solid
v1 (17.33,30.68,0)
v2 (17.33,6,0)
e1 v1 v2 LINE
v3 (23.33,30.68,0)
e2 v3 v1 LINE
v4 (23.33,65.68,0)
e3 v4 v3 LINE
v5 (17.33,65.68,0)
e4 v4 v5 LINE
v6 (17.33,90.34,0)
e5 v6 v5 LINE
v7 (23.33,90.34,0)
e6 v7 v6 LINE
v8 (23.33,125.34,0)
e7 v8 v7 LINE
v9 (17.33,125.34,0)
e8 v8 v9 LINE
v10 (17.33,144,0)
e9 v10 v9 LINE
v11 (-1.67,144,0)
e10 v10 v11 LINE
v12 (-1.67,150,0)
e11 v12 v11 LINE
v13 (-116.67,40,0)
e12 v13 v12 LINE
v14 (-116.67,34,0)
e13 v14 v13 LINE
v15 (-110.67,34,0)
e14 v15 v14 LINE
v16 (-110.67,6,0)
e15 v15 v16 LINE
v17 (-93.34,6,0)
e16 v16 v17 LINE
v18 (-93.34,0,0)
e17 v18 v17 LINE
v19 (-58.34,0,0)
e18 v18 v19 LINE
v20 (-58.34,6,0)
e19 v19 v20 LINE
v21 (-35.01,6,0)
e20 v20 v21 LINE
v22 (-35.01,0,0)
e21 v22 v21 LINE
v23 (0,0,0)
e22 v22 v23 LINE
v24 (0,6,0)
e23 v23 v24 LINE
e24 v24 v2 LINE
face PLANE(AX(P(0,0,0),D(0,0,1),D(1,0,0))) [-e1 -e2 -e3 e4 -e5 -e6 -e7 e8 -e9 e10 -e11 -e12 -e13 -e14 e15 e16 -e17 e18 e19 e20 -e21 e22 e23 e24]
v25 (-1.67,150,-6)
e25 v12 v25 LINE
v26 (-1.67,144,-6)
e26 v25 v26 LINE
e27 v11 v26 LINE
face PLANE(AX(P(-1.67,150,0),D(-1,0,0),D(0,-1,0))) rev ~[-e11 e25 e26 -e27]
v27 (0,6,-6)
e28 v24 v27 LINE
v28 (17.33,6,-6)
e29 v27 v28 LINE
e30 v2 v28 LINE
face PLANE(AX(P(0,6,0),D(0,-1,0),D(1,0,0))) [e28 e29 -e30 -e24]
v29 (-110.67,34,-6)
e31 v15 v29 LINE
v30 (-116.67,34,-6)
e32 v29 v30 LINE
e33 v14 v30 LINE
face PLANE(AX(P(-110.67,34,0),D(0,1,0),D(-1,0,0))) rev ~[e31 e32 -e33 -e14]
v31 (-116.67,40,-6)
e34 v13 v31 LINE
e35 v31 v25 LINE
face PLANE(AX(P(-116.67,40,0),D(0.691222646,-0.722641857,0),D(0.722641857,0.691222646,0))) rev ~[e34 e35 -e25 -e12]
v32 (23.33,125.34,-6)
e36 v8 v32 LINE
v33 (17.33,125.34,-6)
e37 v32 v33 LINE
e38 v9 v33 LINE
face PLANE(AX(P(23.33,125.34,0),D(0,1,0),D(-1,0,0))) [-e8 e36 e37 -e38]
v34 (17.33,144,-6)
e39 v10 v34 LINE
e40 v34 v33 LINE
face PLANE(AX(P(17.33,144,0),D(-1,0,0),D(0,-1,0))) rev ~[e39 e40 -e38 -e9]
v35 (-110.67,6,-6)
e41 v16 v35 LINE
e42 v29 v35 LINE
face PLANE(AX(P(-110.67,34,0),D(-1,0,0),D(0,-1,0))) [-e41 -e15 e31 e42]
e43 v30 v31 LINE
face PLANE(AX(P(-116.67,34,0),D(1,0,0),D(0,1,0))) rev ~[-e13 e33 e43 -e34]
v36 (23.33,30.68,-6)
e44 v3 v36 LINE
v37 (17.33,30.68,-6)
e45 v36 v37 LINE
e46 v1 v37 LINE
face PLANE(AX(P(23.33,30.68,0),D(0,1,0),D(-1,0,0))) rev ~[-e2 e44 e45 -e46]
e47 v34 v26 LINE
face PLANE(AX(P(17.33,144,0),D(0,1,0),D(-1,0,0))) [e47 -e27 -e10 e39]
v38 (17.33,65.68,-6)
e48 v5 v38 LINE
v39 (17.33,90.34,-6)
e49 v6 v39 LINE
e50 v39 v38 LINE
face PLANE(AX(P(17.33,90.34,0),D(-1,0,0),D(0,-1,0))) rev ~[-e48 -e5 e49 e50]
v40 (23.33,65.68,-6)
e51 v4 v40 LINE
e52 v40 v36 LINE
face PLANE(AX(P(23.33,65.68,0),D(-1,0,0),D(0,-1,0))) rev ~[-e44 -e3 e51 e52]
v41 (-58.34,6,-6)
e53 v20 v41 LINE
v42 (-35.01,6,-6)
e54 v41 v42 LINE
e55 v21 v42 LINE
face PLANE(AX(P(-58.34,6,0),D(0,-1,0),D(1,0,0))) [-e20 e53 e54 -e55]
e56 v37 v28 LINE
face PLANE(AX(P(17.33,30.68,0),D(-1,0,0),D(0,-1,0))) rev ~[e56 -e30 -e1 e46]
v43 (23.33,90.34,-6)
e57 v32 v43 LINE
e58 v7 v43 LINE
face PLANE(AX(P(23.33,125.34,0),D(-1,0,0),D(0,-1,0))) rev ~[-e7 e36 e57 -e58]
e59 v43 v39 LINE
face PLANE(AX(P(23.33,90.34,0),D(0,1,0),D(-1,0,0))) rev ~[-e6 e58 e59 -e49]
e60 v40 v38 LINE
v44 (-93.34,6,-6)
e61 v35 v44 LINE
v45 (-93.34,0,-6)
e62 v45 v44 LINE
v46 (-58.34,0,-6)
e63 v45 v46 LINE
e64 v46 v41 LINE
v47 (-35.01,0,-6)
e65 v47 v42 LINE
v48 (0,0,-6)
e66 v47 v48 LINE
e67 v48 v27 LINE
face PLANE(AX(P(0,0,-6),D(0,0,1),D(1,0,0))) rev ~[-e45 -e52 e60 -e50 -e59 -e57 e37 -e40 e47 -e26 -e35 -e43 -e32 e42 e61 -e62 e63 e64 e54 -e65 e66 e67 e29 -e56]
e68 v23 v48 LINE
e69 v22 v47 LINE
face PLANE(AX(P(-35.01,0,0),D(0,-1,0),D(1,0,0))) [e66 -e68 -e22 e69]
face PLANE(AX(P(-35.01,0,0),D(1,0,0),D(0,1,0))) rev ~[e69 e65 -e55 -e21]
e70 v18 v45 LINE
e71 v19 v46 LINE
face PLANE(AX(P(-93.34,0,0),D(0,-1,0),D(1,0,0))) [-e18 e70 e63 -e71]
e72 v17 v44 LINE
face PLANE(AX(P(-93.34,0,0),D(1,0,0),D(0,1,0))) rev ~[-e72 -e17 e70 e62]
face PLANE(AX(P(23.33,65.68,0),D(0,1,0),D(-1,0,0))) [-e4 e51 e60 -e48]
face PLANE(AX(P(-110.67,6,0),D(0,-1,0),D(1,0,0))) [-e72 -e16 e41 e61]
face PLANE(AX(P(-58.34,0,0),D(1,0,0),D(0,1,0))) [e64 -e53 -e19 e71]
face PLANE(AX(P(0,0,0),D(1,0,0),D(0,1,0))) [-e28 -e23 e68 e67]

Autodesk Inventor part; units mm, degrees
ref_plane "YZ Plane" through (0, 0, 0) normal (1, 0, 0) x (0, 1, 0)
ref_plane "XZ Plane" through (0, 0, 0) normal (0, 1, 0) x (-1, 0, 0)
ref_plane "XY Plane" through (0, 0, 0) normal (0, 0, 1) x (1, 0, 0)
sketch "Sketch1" plane through (0, 0, 0) normal (0, 0, 1) x (1, 0, 0)
  line L0 (0, 0) -> (23.33, 0) projected
  line L1 (23.33, 0) -> (23.33, 6) projected
  line L2 (0, 6) -> (23.33, 6) projected
  line L3 (0, 0) -> (0, 6) projected
  line L4 (-35.01, 0) -> (0, 0) projected
  line L5 (0, 0) -> (0, 6) projected
  line L6 (-35.01, 6) -> (0, 6) projected
  line L7 (-35.01, 0) -> (-35.01, 6) projected
  line L8 (-58.34, 0) -> (-35.01, 0) projected
  line L9 (-35.01, 0) -> (-35.01, 6) projected
  line L10 (-58.34, 6) -> (-35.01, 6) projected
  line L11 (-58.34, 0) -> (-58.34, 6) projected
  line L12 (-93.34, 0) -> (-58.34, 0) projected
  line L13 (-58.34, 0) -> (-58.34, 6) projected
  line L14 (-93.34, 6) -> (-58.34, 6) projected
  line L15 (-93.34, 0) -> (-93.34, 6) projected
  line L16 (-116.67, 0) -> (-93.34, 0) projected
  line L17 (-93.34, 0) -> (-93.34, 6) projected
  line L18 (-116.67, 6) -> (-93.34, 6) projected
  line L19 (-116.67, 0) -> (-116.67, 6) projected
  line L20 (-110.67, 34) -> (-116.67, 34) projected
  line L21 (-116.67, 6) -> (-116.67, 34) projected
  line L22 (-116.67, 6) -> (-110.67, 6) projected
  line L23 (-110.67, 34) -> (-110.67, 6) projected
  line L24 (23.33, 30.68) -> (17.33, 30.68) projected
  line L25 (17.33, 30.68) -> (17.33, 6) projected
  line L26 (17.33, 6) -> (23.33, 6) projected
  line L27 (23.33, 30.68) -> (23.33, 6) projected
  line L28 (17.33, 30.68) -> (17.33, 65.68) projected
  line L29 (23.33, 30.68) -> (17.33, 30.68) projected
  line L30 (23.33, 65.68) -> (23.33, 30.68) projected
  line L31 (23.33, 65.68) -> (17.33, 65.68) projected
  line L32 (23.33, 90.34) -> (17.33, 90.34) projected
  line L33 (17.33, 90.34) -> (17.33, 65.68) projected
  line L34 (17.33, 65.68) -> (23.33, 65.68) projected
  line L35 (23.33, 90.34) -> (23.33, 65.68) projected
  line L36 (17.33, 90.34) -> (17.33, 125.34) projected
  line L37 (23.33, 90.34) -> (17.33, 90.34) projected
  line L38 (23.33, 125.34) -> (23.33, 90.34) projected
  line L39 (23.33, 125.34) -> (17.33, 125.34) projected
  line L40 (23.33, 144) -> (17.33, 144) projected
  line L41 (17.33, 144) -> (17.33, 125.34) projected
  line L42 (17.33, 125.34) -> (23.33, 125.34) projected
  line L43 (23.33, 144) -> (23.33, 125.34) projected
  line L44 (-1.67, 150) -> (23.33, 150) projected
  line L45 (-1.67, 150) -> (-1.67, 144) projected
  line L46 (23.33, 144) -> (-1.67, 144) projected
  line L47 (23.33, 150) -> (23.33, 144) projected
  line L48 (-110.67, 40) -> (-110.67, 34) projected
  line L49 (-116.67, 40) -> (-110.67, 40) projected
  line L50 (-116.67, 34) -> (-116.67, 40) projected
  line L51 (-116.67, 34) -> (-110.67, 34) projected
  line L52 (-116.67, 40) -> (-1.67, 150)
extrude "Extrusion1" add sketch "Sketch1" against normal blind 6 contours L4 L7 L6 L3 | L6 L10 L14 L18 L23 L48 L49 L52 L45 L46 L41 L36 L33 L28 L25 L2 | L12 L15 L14 L11 | L24 L28 L31 L30 | L32 L36 L39 L38 | L20 L50 L49 L48
properties part number "left"
